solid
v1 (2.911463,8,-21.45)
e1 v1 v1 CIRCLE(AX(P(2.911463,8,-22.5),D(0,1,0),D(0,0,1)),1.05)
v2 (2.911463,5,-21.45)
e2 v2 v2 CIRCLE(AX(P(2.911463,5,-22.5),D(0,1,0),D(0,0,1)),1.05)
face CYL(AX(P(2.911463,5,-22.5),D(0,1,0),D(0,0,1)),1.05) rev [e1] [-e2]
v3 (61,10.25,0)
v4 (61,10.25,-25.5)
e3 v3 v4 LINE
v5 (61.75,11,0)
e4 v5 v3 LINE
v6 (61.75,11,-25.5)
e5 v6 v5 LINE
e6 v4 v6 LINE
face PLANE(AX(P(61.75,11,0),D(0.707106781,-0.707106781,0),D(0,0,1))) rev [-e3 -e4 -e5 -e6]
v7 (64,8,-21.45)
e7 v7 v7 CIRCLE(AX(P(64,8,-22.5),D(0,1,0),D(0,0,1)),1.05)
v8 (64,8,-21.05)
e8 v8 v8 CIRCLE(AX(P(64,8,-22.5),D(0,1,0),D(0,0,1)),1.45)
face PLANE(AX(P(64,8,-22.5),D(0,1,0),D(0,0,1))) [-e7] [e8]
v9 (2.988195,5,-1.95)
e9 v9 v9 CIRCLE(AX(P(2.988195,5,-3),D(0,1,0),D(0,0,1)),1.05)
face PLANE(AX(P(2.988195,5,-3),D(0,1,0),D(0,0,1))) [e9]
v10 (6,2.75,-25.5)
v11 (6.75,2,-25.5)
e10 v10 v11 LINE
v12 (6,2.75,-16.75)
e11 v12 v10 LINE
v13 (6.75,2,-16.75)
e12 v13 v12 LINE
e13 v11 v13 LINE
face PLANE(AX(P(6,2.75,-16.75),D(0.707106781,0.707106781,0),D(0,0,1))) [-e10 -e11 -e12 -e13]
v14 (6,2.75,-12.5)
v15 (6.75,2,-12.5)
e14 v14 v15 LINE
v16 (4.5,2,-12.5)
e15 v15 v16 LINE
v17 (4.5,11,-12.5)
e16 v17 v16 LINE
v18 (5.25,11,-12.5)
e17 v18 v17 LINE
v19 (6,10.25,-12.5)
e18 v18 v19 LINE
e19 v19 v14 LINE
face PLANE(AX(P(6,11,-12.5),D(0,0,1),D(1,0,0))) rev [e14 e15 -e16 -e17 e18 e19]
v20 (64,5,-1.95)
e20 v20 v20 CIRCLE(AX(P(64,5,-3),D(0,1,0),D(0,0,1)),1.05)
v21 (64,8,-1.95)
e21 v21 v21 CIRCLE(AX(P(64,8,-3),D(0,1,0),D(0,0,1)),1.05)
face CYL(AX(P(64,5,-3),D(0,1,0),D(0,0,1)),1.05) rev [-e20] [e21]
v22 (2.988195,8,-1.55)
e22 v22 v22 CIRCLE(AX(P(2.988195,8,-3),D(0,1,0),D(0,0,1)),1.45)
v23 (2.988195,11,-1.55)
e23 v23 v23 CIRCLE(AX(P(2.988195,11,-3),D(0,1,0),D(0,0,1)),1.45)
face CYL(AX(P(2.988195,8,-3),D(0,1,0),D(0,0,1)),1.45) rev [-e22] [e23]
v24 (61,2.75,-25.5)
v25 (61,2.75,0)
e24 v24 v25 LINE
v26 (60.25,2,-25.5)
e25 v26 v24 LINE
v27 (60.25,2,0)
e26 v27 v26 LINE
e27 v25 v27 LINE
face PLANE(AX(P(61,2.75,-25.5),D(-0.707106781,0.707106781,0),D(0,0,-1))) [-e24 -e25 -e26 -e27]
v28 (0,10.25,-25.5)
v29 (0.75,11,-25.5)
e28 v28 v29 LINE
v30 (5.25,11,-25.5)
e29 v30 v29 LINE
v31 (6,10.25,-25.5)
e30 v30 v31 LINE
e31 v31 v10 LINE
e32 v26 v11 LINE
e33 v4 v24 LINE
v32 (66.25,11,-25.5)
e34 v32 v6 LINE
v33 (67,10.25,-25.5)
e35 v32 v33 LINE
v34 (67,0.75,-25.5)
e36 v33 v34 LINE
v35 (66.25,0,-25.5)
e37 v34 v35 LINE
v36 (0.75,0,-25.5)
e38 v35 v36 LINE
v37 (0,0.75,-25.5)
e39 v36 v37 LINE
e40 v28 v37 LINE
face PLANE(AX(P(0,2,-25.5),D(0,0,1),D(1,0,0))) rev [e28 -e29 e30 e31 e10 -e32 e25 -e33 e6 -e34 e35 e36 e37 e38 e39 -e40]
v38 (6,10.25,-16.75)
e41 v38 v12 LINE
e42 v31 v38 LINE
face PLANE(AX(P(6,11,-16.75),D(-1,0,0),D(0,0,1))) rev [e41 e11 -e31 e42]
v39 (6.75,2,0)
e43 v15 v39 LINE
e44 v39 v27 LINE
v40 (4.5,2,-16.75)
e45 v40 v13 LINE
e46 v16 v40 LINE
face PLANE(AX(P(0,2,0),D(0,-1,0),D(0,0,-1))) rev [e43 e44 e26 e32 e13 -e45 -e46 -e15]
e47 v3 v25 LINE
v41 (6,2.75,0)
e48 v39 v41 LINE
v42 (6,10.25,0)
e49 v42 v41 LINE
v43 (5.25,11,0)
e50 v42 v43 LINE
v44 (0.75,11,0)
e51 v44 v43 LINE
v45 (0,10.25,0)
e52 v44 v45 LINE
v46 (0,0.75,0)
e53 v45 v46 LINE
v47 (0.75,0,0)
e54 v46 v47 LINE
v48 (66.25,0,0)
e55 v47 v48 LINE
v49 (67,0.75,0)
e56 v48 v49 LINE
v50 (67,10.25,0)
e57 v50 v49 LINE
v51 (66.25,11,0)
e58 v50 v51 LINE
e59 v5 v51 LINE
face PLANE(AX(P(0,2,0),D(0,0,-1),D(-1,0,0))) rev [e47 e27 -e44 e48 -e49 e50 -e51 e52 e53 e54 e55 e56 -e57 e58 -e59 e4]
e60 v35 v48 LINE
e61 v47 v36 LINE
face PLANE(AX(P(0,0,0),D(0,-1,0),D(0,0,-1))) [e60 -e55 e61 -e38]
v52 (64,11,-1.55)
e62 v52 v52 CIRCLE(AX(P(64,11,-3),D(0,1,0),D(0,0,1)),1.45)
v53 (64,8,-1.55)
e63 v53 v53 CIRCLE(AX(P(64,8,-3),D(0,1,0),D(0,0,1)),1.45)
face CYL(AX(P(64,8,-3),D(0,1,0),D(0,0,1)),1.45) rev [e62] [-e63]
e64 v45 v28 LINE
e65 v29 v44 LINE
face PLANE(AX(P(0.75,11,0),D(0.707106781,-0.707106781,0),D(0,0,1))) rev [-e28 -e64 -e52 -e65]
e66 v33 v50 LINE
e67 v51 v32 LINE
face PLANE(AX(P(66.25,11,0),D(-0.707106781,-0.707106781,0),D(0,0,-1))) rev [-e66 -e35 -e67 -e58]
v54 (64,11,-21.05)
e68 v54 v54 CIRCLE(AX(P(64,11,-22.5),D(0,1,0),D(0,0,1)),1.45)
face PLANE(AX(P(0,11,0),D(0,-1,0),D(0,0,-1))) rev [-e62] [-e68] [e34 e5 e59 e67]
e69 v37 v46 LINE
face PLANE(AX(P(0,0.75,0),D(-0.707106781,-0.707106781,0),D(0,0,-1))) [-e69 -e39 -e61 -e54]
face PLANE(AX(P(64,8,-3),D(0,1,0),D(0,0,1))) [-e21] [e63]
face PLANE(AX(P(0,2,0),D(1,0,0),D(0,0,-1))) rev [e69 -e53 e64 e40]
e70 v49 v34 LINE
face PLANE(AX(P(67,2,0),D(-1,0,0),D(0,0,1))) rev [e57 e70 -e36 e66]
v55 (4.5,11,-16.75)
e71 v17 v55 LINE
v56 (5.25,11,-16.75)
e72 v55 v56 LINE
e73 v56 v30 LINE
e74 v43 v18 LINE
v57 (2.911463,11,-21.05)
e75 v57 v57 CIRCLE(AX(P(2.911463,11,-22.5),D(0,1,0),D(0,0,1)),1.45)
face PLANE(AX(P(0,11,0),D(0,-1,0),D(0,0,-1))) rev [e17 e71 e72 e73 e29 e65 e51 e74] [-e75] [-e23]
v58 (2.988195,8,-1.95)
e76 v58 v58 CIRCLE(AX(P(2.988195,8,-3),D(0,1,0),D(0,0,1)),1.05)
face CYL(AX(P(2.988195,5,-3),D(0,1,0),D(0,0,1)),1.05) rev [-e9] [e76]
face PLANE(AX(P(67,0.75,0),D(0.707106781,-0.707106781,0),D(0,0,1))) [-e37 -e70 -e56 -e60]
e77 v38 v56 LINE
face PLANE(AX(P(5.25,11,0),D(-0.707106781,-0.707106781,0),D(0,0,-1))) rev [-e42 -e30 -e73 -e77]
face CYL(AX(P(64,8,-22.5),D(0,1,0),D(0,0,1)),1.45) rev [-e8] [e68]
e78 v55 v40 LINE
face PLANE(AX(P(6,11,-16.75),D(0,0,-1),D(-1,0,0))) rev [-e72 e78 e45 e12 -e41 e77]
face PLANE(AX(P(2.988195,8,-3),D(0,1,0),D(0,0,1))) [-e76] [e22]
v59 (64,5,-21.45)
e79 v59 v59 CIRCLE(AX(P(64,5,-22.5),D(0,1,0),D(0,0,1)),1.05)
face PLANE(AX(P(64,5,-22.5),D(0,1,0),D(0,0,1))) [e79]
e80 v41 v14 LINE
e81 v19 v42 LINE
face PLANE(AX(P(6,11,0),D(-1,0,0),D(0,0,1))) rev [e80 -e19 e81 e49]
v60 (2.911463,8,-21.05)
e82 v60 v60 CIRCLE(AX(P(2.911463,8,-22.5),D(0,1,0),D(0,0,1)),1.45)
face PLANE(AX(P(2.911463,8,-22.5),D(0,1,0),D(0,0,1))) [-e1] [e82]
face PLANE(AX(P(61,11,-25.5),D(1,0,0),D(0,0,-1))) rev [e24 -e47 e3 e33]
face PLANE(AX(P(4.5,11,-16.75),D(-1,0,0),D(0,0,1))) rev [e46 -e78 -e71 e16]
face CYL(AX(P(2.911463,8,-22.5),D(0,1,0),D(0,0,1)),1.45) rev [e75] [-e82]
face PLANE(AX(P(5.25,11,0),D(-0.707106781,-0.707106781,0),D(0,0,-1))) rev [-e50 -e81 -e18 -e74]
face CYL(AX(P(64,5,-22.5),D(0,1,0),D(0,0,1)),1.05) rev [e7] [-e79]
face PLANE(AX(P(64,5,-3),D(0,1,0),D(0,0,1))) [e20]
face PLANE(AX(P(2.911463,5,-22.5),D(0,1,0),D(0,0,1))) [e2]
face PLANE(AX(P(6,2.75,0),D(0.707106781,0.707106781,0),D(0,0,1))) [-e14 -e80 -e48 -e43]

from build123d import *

# Parameters (mm, degrees)
SKETCH1_W           = 67
SKETCH1_H           = 25.5
BOSS_EXTRUDE1_DEPTH = 2
SKETCH3_W           = 6
SKETCH3_H           = 25.5
BOSS_EXTRUDE2_DEPTH = 9
BOSS_EXTRUDE3_DEPTH = 9
SKETCH6_R           = 1.45
CUT_EXTRUDE1_DEPTH  = 3
CHAMFER1_SIZE       = 0.75
SKETCH7_R           = 1.05
CUT_EXTRUDE2_DEPTH  = 3


with BuildPart() as part:
    # Sketch1 → Boss-Extrude1 (new body)
    with BuildSketch(Plane(origin=(0, 0, 0), x_dir=(1, 0, 0), z_dir=(0, 1, 0))):
        with Locations((33.5, 12.75)):
            Rectangle(SKETCH1_W, SKETCH1_H)
    extrude(amount=BOSS_EXTRUDE1_DEPTH)

    # Sketch3 → Boss-Extrude2 (add)
    with BuildSketch(Plane(origin=(0, 2, 0), x_dir=(1, 0, 0), z_dir=(0, 1, 0))):
        with Locations((64, 12.75)):
            Rectangle(SKETCH3_W, SKETCH3_H)
    extrude(amount=BOSS_EXTRUDE2_DEPTH)

    # Sketch4 → Boss-Extrude3 (add)
    with BuildSketch(Plane(origin=(0, 2, 0), x_dir=(1, 0, 0), z_dir=(0, 1, 0))):
        Polygon((0, 0), (6, 0), (6, 12.5), (4.5, 12.5), (4.5, 16.75), (6, 16.75), (6, 25.5), (0, 25.5), align=None)
    extrude(amount=BOSS_EXTRUDE3_DEPTH)

    # Sketch6 → Cut-Extrude1 (cut)
    with BuildSketch(Plane(origin=(0, 11, 0), x_dir=(1, 0, 0), z_dir=(0, 1, 0))):
        with Locations(Location((2.911463201, 22.5, 0), (0, 0, 270))):
            Circle(SKETCH6_R)
        with Locations(Location((2.988195093, 3, 0), (0, 0, 270))):
            Circle(SKETCH6_R)
        with Locations(Location((64, 22.5, 0), (0, 0, 270))):
            Circle(SKETCH6_R)
        with Locations(Location((64, 3, 0), (0, 0, 270))):
            Circle(SKETCH6_R)
    extrude(amount=-CUT_EXTRUDE1_DEPTH, mode=Mode.SUBTRACT)

    # Chamfer1
    chamfer1_edges = [part.edges().sort_by_distance(p)[0] for p in [
        (61, 2, -12.75),
        (67, 11, -12.75),
        (61, 11, -12.75),
        (6, 2, -6.25),
        (6, 2, -21.125),
        (0, 11, -12.75),
        (6, 11, -6.25),
        (6, 11, -21.125),
        (67, 0, -12.75),
        (0, 0, -12.75),
    ]]
    chamfer(chamfer1_edges, length=CHAMFER1_SIZE)

    # Sketch7 → Cut-Extrude2 (cut)
    with BuildSketch(Plane(origin=(0, 8, 0), x_dir=(1, 0, 0), z_dir=(0, 1, 0))):
        with Locations(Location((2.911463201, 22.5, 0), (0, 0, 270))):
            Circle(SKETCH7_R)
        with Locations(Location((2.988195093, 3, 0), (0, 0, 270))):
            Circle(SKETCH7_R)
        with Locations(Location((64, 3, 0), (0, 0, 270))):
            Circle(SKETCH7_R)
        with Locations(Location((64, 22.5, 0), (0, 0, 270))):
            Circle(SKETCH7_R)
    extrude(amount=-CUT_EXTRUDE2_DEPTH, mode=Mode.SUBTRACT)


solid = part.part
